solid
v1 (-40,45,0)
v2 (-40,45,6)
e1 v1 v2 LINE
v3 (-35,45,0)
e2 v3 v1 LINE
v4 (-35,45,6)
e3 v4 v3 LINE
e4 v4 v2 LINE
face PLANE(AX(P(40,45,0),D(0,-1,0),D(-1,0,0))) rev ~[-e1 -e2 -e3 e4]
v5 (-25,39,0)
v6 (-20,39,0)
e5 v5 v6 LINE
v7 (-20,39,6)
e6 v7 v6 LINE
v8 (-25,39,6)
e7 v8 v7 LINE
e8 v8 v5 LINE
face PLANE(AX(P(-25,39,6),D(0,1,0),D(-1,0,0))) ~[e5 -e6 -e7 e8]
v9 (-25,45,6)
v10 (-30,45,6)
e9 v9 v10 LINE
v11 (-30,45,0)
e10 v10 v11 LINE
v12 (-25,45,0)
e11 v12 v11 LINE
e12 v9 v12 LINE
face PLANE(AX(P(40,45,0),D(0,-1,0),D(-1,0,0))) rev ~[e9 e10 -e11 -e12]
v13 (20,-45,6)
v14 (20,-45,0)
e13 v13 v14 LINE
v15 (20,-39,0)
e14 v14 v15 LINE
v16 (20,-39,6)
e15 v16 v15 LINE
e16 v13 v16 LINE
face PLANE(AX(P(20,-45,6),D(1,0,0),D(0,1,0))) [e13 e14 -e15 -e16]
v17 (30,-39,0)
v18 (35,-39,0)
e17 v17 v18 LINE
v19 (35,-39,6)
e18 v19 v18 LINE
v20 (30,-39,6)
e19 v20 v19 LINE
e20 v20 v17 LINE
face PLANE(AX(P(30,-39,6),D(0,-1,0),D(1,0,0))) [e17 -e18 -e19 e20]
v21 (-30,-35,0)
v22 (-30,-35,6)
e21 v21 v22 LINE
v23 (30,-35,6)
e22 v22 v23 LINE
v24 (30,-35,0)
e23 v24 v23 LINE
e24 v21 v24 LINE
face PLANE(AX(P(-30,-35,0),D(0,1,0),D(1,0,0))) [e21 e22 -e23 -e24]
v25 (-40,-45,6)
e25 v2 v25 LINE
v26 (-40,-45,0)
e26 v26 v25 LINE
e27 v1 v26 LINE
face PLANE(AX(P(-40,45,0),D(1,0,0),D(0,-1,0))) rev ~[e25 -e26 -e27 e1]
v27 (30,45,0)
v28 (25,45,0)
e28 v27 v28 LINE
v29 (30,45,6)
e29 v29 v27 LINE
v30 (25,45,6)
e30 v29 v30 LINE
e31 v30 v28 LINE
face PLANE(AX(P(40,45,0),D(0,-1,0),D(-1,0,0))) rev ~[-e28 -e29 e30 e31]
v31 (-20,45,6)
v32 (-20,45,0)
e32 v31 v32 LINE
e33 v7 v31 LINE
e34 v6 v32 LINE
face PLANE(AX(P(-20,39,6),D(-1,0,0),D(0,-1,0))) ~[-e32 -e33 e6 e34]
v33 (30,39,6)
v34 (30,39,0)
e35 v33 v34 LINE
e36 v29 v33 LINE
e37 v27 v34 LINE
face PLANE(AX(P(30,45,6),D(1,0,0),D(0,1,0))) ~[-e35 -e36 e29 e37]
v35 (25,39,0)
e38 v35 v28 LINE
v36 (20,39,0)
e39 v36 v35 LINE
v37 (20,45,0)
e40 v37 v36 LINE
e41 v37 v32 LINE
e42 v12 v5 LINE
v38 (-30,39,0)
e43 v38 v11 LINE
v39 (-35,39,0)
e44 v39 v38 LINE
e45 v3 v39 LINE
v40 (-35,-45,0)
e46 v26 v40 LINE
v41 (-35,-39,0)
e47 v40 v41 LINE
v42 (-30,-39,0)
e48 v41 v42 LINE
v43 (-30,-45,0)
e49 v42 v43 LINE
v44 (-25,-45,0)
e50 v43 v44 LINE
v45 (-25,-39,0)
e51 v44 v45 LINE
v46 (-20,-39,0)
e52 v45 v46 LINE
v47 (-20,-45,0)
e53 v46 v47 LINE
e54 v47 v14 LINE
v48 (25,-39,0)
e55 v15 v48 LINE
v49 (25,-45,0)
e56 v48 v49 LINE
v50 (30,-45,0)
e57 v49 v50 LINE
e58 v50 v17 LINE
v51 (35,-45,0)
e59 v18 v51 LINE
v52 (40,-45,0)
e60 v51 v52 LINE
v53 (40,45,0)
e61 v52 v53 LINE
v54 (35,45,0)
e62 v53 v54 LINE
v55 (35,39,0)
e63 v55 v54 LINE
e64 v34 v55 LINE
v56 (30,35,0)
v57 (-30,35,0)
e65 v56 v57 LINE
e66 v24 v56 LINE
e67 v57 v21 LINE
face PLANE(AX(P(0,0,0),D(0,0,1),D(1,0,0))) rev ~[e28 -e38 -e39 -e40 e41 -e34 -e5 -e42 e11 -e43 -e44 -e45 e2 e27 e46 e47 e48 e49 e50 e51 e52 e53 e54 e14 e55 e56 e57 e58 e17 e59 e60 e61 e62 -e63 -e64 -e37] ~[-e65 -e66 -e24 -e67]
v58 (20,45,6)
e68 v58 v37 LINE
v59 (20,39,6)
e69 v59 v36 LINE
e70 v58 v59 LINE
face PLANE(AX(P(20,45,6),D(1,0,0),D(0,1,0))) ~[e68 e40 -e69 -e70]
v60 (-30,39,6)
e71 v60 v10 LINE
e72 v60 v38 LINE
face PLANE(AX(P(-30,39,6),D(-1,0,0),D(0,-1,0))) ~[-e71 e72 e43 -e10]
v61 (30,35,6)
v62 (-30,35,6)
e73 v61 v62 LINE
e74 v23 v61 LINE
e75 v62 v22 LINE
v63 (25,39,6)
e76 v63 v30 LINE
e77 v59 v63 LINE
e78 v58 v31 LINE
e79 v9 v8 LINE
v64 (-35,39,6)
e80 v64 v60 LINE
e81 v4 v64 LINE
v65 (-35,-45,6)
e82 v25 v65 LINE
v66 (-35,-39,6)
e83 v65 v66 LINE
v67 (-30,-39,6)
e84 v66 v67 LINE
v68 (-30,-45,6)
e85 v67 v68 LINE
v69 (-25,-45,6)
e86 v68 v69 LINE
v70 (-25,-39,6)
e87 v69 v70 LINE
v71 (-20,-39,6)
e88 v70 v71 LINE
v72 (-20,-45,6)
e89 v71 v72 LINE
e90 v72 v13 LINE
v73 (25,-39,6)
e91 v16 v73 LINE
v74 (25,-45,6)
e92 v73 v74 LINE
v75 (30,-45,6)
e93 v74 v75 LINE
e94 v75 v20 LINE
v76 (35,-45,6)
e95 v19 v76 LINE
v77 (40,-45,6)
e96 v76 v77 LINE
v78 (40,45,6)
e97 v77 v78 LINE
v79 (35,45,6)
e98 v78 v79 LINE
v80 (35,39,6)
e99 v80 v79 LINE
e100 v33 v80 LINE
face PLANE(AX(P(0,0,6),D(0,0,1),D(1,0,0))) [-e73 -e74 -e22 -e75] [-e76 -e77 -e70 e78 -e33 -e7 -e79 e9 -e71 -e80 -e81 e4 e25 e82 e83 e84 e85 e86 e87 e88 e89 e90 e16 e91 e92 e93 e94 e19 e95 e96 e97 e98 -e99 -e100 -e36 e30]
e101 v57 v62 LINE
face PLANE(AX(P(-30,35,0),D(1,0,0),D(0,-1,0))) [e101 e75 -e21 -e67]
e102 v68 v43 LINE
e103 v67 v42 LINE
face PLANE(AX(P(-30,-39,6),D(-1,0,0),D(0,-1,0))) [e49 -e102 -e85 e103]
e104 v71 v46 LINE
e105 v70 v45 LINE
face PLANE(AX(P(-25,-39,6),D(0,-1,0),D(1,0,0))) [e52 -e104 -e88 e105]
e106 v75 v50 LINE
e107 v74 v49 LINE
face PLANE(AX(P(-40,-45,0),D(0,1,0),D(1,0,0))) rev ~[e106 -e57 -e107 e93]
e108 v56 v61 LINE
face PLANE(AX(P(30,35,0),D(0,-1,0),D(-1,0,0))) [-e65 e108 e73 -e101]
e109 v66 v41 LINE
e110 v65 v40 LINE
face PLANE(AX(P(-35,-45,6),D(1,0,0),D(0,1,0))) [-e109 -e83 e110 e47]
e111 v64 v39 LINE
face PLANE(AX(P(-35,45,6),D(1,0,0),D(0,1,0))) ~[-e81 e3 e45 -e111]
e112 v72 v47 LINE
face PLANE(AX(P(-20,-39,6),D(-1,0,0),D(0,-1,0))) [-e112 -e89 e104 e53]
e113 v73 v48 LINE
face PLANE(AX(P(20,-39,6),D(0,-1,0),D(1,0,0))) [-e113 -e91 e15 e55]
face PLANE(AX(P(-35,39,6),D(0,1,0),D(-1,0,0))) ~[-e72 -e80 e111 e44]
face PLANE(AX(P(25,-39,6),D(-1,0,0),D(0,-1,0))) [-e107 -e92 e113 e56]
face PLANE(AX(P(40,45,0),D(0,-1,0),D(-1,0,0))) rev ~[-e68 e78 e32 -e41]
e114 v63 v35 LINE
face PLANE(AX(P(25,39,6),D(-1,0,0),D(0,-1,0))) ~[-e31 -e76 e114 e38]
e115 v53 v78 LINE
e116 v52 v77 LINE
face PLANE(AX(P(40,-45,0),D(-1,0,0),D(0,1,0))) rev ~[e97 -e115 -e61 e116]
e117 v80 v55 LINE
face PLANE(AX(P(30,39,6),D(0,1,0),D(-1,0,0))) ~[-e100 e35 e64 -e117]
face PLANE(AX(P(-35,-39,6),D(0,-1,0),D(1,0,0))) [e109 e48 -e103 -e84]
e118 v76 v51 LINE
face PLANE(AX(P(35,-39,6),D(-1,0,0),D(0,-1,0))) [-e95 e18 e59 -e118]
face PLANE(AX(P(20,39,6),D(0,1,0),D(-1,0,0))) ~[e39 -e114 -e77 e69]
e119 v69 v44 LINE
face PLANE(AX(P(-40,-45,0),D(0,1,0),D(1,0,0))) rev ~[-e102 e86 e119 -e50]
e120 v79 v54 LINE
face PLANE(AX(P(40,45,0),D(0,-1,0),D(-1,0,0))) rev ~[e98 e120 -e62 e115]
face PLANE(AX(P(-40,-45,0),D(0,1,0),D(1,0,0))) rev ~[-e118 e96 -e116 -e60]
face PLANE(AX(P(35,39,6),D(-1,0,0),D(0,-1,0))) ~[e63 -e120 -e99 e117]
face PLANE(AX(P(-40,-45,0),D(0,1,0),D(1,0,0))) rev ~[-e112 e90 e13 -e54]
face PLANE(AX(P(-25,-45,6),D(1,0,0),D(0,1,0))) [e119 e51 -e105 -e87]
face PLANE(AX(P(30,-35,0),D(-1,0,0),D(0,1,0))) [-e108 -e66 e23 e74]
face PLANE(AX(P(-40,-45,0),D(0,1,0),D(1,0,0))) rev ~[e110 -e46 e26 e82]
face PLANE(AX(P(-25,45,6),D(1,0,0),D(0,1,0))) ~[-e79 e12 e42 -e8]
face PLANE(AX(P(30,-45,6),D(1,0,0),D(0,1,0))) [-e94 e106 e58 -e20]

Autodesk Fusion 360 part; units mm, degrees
sketch "Sketch1" plane through (0, 0, 0) normal (0, 0, 1) x (1, 0, 0)
  line L0 (40, 45) -> (-40, 45)
  line L1 (-40, 45) -> (-40, -45)
  line L2 (-40, -45) -> (40, -45)
  line L3 (40, -45) -> (40, 45)
  line L4 (40, 45) -> (-40, -45) construction
  line L5 (-40, 45) -> (40, -45) construction
  line L6 (30, 35) -> (-30, 35)
  line L7 (-30, 35) -> (-30, -35)
  line L8 (-30, -35) -> (30, -35)
  line L9 (30, -35) -> (30, 35)
  line L10 (30, 35) -> (-30, -35) construction
  line L11 (-30, 35) -> (30, -35) construction
  dimension "d1" = 80
  dimension "d2" = 90
  dimension "d3" = 60
  dimension "d6" = 10
extrude "Extrude1" add sketch "Sketch1" along normal blind 6
sketch "Sketch2" plane through (0, 0, 6) normal (0, 0, 1) x (-1, 0, 0)
  line L0 (-30, -35) -> (-30, 35)
  line L1 (-30, 35) -> (30, 35)
  line L2 (30, 35) -> (30, -35)
  line L3 (30, -35) -> (-30, -35)
  line L4 (-40, 45) -> (-40, -45)
  line L5 (-40, -45) -> (40, -45)
  line L6 (40, -45) -> (40, 45)
  line L7 (40, 45) -> (-40, 45)
  line L8 (-40, 45) -> (-35, 45) construction
  line L9 (-35, 45) -> (-35, 39) construction
  line L10 (-35, 39) -> (-40, 39) construction
  line L11 (-40, 39) -> (-40, 45) construction
  line L12 (-35, 45) -> (-30, 45) construction
  line L13 (-30, 45) -> (-30, 39) construction
  line L14 (-30, 39) -> (-35, 39) construction
  line L15 (-35, 39) -> (-35, 45) construction
  line L16 (-30, 45) -> (-25, 45) construction
  line L17 (-25, 45) -> (-25, 39) construction
  line L18 (-25, 39) -> (-30, 39) construction
  line L19 (-30, 39) -> (-30, 45) construction
  line L20 (-25, 45) -> (-20, 45) construction
  line L21 (-20, 45) -> (-20, 39) construction
  line L22 (-20, 39) -> (-25, 39) construction
  line L23 (-25, 39) -> (-25, 45) construction
  line L24 (-30, 39) -> (-35, 39)
  line L25 (-35, 39) -> (-35, 45)
  line L26 (-35, 45) -> (-30, 45)
  line L27 (-30, 45) -> (-30, 39)
  line L28 (-20, 39) -> (-25, 39)
  line L29 (-25, 39) -> (-25, 45)
  line L30 (-25, 45) -> (-20, 45)
  line L31 (-20, 45) -> (-20, 39)
  line L32 (40, 45) -> (35, 45) construction
  line L33 (35, 45) -> (35, 39) construction
  line L34 (35, 39) -> (40, 39) construction
  line L35 (40, 39) -> (40, 45) construction
  line L36 (35, 39) -> (30, 39)
  line L37 (30, 39) -> (30, 45)
  line L38 (30, 45) -> (35, 45)
  line L39 (35, 45) -> (35, 39)
  line L40 (30, 39) -> (25, 39) construction
  line L41 (25, 39) -> (25, 45) construction
  line L42 (25, 45) -> (30, 45) construction
  line L43 (30, 45) -> (30, 39) construction
  line L44 (25, 39) -> (20, 39)
  line L45 (20, 39) -> (20, 45)
  line L46 (20, 45) -> (25, 45)
  line L47 (25, 45) -> (25, 39)
extrude "Extrude2" cut sketch "Sketch2" against normal blind 6 contours L7 L24 L25 L26 L27 | L7 L28 L29 L30 L31
ref_plane "WorkPlane1" through (0, 0, 0) normal (0, 1, 0) x (0, 0, 1)
ref_plane "WorkPlane2" through (0, 0, 0) normal (1, 0, 0) x (0, 1, 0)
extrude "Extrude3" cut sketch "Sketch2" against normal blind 6 contours L7 L24 L25 L26 L27 | L7 L28 L29 L30 L31 | L7 L36 L37 L38 L39 | L7 L44 L45 L46 L47
mirror "Mirror3" about plane through (0, 0, 0) normal (0, 1, 0) of "Extrude3"
